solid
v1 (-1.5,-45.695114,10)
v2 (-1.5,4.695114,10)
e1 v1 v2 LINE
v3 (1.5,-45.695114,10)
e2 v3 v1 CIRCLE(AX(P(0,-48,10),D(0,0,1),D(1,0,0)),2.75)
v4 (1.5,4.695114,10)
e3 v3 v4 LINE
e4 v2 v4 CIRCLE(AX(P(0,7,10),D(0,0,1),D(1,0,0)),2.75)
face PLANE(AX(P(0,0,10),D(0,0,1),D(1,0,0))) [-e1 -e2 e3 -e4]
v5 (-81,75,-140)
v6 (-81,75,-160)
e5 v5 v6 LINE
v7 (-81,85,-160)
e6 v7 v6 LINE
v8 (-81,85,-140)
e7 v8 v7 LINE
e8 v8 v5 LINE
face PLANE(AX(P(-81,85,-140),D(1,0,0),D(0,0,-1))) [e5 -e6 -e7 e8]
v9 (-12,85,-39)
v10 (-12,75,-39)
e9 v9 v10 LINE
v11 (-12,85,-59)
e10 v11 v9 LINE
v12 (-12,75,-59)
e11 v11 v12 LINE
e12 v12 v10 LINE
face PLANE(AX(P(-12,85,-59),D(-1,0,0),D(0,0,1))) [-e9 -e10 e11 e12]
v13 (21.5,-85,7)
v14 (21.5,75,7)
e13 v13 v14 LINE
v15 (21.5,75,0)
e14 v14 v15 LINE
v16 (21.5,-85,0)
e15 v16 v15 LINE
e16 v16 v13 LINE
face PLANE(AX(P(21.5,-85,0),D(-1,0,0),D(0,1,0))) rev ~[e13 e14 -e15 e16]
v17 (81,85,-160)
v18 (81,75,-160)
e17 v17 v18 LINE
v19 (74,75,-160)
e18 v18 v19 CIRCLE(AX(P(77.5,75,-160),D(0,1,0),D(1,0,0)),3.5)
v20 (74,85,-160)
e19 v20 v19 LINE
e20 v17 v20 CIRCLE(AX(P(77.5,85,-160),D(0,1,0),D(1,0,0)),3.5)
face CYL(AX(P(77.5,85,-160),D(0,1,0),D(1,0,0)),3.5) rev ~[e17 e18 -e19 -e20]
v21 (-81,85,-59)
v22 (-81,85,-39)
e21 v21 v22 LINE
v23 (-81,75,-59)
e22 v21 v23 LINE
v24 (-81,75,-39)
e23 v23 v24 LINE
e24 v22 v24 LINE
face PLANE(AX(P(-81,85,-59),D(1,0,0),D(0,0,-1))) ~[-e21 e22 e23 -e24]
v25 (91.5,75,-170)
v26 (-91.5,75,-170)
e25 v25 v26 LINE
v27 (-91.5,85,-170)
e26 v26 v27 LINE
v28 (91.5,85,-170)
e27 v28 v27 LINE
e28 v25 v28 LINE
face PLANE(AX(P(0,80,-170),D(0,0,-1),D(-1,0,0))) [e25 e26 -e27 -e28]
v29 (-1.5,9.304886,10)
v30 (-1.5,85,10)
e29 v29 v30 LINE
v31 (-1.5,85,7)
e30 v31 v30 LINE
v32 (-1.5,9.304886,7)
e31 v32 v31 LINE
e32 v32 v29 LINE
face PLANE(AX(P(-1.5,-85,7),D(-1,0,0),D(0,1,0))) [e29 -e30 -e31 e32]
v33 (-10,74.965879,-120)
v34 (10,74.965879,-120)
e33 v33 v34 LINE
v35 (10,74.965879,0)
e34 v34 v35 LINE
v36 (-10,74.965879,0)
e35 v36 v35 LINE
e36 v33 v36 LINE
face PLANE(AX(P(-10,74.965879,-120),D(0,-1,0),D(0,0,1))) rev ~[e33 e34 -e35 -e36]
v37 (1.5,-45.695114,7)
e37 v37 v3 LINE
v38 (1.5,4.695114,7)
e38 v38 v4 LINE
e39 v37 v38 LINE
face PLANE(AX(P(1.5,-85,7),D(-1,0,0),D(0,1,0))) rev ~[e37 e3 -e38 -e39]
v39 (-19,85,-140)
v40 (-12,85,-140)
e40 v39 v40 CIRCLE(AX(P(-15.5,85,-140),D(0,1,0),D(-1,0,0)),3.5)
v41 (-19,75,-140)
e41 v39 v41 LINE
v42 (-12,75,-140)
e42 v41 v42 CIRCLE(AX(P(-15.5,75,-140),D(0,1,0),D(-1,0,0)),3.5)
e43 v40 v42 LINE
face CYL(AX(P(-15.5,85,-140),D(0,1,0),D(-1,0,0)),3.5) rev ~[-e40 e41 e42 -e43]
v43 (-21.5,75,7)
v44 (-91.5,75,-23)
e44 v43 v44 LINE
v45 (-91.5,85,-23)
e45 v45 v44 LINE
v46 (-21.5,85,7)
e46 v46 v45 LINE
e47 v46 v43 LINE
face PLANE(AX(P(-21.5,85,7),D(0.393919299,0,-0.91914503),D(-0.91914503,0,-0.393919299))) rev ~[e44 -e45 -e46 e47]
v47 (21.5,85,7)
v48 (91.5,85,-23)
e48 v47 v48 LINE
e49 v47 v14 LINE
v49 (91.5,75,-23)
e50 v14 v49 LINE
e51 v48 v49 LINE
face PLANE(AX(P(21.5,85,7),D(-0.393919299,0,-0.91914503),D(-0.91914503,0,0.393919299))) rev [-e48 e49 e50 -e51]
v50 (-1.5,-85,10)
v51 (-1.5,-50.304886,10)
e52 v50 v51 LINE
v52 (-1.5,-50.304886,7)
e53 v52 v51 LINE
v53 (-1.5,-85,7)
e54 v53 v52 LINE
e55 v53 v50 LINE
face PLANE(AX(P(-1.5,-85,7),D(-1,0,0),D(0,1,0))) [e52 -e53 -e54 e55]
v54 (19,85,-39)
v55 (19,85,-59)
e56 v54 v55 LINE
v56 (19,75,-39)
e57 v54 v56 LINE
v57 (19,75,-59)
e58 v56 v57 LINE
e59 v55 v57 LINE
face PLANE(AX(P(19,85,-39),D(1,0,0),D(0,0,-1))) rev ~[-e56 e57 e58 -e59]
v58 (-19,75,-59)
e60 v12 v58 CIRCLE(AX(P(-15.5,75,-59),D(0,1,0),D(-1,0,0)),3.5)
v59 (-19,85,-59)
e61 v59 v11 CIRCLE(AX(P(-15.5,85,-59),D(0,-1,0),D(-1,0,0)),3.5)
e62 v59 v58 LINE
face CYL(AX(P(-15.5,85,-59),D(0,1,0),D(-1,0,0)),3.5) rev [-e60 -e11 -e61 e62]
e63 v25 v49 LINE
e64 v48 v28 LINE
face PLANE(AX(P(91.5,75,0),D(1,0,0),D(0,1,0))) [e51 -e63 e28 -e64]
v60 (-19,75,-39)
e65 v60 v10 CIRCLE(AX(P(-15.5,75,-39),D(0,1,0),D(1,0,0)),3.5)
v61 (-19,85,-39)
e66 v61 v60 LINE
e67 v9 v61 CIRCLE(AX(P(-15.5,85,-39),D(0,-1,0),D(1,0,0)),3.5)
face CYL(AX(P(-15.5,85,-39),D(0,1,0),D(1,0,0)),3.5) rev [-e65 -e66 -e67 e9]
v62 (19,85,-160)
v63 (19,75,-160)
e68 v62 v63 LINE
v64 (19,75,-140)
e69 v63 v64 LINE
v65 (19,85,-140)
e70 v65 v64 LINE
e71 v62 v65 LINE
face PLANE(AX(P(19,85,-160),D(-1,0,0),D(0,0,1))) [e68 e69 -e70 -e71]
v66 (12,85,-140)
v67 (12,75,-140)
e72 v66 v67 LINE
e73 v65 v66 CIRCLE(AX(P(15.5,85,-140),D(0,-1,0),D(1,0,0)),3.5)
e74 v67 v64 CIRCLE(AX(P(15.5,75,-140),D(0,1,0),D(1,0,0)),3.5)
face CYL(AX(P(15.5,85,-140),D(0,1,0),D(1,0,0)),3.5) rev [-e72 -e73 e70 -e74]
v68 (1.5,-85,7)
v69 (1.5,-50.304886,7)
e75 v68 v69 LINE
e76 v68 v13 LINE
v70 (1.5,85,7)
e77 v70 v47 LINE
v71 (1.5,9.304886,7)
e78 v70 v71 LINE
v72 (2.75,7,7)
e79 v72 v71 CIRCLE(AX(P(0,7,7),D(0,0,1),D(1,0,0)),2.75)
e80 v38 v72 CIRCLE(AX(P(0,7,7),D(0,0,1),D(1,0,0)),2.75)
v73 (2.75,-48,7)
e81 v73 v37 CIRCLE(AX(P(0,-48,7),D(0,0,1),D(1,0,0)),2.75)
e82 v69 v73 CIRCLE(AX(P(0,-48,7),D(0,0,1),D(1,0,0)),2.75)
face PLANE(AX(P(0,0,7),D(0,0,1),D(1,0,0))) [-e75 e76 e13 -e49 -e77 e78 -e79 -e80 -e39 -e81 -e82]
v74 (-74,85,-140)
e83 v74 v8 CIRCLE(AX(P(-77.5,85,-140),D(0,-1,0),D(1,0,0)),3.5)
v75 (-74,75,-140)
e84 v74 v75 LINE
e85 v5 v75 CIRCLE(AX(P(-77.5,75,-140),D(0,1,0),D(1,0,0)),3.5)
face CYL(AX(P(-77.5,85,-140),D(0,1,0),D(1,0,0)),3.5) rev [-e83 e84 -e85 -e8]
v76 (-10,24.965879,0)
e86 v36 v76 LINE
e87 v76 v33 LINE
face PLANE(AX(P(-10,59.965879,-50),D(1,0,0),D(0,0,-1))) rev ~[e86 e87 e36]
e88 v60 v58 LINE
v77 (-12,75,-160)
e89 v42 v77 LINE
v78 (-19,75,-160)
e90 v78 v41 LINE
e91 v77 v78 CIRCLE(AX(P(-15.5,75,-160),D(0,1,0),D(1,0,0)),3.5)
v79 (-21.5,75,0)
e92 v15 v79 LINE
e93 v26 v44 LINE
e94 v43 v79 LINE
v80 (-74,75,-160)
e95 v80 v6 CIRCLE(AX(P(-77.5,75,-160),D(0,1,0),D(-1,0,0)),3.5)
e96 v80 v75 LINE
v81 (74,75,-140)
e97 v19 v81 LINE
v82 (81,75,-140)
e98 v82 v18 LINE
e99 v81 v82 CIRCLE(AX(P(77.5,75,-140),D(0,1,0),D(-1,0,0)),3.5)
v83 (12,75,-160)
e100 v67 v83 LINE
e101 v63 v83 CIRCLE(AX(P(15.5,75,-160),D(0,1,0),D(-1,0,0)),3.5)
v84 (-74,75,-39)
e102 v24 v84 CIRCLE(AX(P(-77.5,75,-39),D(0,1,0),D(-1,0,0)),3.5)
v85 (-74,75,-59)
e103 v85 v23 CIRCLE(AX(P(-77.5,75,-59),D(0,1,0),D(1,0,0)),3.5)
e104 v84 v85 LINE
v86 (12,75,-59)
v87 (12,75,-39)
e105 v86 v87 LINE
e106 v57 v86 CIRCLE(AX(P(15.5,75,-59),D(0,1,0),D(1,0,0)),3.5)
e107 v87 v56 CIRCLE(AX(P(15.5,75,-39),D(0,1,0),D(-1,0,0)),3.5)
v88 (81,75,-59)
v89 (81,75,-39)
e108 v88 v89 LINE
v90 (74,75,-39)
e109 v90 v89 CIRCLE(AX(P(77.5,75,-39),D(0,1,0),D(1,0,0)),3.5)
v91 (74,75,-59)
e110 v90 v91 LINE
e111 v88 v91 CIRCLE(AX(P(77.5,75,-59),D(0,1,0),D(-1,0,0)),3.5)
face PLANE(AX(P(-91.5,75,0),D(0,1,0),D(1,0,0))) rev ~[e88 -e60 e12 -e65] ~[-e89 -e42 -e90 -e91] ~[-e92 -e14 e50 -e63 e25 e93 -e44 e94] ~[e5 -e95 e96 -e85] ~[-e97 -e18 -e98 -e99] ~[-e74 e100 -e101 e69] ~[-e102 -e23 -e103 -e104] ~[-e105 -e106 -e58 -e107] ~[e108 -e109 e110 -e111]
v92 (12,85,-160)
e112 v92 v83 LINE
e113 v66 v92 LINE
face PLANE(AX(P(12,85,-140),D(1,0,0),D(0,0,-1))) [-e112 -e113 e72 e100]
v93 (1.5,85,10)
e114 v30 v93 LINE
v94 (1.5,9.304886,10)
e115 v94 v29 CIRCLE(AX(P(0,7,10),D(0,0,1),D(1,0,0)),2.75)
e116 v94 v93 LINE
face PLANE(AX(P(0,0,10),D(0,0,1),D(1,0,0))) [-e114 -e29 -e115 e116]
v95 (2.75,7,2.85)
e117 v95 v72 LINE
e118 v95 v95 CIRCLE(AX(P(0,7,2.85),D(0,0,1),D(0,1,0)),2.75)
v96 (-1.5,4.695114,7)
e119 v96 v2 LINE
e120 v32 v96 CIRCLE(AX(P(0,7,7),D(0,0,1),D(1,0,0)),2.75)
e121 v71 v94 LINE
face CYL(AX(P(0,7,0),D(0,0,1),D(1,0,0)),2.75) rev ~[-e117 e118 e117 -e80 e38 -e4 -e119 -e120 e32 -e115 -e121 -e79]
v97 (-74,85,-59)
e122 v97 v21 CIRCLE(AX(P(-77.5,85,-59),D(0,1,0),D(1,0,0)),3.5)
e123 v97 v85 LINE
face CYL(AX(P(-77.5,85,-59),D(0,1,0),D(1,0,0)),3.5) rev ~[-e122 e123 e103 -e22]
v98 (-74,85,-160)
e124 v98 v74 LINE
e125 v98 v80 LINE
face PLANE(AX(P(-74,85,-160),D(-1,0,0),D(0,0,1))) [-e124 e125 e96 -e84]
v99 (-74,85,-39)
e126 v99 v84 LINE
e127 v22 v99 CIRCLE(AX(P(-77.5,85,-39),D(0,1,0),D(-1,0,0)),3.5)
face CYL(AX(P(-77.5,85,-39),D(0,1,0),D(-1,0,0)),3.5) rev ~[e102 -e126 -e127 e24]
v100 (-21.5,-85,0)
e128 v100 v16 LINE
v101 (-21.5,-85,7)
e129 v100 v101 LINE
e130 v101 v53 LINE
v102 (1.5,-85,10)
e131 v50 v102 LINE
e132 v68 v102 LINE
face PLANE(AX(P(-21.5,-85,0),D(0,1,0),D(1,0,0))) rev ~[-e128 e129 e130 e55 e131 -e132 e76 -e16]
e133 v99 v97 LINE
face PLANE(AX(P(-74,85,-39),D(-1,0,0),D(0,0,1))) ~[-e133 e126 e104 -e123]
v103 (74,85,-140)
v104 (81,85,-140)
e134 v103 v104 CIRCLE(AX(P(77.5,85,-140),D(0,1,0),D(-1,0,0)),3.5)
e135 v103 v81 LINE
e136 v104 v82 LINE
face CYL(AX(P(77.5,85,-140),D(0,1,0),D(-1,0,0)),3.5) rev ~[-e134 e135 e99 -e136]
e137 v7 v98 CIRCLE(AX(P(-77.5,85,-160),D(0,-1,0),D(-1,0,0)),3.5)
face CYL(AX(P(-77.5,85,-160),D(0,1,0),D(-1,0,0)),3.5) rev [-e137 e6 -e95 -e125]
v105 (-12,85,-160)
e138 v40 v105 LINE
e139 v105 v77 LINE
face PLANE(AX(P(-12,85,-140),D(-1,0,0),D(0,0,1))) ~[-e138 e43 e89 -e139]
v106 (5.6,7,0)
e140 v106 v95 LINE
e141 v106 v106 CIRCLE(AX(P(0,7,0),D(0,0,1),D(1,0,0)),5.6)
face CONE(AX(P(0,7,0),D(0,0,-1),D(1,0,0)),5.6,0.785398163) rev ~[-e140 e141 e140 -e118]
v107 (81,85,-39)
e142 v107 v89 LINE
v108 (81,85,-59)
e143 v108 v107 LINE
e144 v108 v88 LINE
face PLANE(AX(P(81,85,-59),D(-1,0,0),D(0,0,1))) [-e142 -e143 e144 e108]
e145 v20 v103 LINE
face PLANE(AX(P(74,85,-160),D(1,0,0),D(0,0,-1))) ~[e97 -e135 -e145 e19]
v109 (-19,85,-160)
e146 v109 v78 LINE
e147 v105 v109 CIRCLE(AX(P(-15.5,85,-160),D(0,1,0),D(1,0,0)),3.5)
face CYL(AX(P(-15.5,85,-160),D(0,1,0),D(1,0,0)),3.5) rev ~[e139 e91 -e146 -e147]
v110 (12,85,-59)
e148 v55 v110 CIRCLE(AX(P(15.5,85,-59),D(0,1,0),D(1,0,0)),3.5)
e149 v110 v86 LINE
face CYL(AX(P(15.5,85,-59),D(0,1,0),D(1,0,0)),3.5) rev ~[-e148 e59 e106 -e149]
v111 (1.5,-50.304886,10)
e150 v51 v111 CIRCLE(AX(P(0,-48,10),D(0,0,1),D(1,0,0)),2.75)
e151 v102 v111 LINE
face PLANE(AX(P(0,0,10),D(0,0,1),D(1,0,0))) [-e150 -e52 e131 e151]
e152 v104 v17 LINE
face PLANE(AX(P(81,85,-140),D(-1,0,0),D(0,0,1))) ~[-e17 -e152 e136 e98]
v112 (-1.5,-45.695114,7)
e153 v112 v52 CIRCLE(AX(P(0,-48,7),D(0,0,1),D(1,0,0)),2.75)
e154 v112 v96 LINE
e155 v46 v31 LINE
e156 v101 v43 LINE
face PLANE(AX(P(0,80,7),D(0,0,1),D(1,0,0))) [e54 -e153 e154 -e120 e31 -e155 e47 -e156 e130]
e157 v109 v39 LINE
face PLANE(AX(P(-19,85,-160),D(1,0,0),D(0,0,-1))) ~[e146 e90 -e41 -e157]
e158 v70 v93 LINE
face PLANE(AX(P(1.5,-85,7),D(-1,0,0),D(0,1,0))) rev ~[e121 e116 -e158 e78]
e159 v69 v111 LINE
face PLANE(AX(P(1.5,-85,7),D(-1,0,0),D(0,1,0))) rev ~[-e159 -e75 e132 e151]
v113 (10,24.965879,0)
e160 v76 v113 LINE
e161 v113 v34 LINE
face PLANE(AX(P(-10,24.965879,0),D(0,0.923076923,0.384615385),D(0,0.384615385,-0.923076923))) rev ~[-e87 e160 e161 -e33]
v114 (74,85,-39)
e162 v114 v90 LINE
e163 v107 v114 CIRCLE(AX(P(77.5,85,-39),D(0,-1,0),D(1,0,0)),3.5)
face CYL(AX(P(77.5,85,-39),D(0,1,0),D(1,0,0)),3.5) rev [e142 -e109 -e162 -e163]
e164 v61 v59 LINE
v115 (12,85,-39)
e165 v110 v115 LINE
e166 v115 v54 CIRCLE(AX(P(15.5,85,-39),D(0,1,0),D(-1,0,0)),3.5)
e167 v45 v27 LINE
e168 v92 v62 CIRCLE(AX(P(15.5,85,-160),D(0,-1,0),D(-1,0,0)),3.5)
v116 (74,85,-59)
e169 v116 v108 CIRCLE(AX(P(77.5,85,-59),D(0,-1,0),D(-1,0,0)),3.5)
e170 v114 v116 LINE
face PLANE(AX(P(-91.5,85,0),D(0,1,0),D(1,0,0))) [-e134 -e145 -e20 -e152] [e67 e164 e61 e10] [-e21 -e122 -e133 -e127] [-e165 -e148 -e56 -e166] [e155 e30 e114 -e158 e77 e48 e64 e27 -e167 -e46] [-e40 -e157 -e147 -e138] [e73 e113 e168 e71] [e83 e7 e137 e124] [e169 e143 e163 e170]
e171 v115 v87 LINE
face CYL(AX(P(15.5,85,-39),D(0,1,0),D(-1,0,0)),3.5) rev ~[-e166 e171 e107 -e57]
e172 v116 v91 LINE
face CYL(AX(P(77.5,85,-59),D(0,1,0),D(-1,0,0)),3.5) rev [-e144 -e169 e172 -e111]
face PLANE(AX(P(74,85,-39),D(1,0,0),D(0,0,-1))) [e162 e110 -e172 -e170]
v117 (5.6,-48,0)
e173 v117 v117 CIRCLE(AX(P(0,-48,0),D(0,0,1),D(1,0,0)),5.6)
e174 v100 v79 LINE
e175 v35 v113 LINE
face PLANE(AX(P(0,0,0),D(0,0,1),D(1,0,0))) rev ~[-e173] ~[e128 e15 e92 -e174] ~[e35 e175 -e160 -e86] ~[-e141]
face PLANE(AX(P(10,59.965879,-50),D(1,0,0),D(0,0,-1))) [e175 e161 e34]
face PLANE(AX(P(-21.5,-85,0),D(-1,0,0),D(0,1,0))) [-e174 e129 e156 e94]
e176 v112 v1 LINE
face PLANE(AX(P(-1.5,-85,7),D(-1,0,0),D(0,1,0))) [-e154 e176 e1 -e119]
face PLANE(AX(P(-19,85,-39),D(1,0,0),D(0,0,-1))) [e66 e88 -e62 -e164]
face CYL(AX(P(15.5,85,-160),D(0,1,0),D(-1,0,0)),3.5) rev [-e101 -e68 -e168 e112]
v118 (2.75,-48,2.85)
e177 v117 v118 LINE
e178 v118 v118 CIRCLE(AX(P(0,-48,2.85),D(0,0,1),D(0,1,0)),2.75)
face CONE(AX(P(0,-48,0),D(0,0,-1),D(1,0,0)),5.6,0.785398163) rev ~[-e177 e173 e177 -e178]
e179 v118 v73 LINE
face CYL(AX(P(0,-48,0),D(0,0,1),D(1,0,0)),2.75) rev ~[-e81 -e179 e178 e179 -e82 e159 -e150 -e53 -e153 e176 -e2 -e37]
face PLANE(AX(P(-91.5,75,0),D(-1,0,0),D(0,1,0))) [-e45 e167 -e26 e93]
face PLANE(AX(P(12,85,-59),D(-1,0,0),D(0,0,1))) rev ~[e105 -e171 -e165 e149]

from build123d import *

# Parameters (mm, degrees)
SKETCH_1_W                   = 43
SKETCH_1_H                   = 170
EXTRUDE_296_DEPTH            = 7
SKETCH_2_W                   = 3
SKETCH_2_H                   = 170
EXTRUDE_513_DEPTH            = 3
HOLE_WIZARD_M5_2_D           = 5.5
HOLE_WIZARD_M5_2_CSINK_D     = 11.2
HOLE_WIZARD_M5_2_CSINK_ANGLE = 90
SKETCH_9_W                   = 183
SKETCH_9_H                   = 10
EXTRUDE_1613_DEPTH           = 170
SKETCH_10_W                  = 183
SKETCH_10_H                  = 10
EXTRUDE_1772_DEPTH           = 7
EXTRUDE_3_DEPTH              = 10
EXTRUDE_3_DEPTH_BACK         = 10
CUT_EXTRUDE_1_DEPTH          = 258.239674234
MIRROR_2_COPY_1_DEPTH        = 258.239674234
CUT_EXTRUDE_2_DEPTH          = 10
MIRROR_3_COPY_1_DEPTH        = 258.239674234
MIRROR_3_COPY_2_DEPTH        = 258.239674234
MIRROR_3_COPY_3_DEPTH        = 258.239674234


with BuildPart() as part:
    # 草图1 → Extrude 296 (new body)
    with BuildSketch(Plane.XY):
        Rectangle(SKETCH_1_W, SKETCH_1_H)
    extrude(amount=EXTRUDE_296_DEPTH)

    # 草图2 → Extrude 513 (add)
    with BuildSketch(Plane.XY.offset(7)):
        Rectangle(SKETCH_2_W, SKETCH_2_H)
    extrude(amount=EXTRUDE_513_DEPTH)

    # M5*2 沉头孔 (through all)
    with Locations(Plane(origin=(0, 0, 0), x_dir=(-1, 0, 0), z_dir=(0, 0, -1))):
        with Locations((0, 7), (0, -48)):
            CounterSinkHole(HOLE_WIZARD_M5_2_D / 2, HOLE_WIZARD_M5_2_CSINK_D / 2, counter_sink_angle=HOLE_WIZARD_M5_2_CSINK_ANGLE)

    # 草图9 → Extrude 1613 (add)
    with BuildSketch(Plane(origin=(0, 0, 0), x_dir=(-1, 0, 0), z_dir=(0, 0, -1))):
        with Locations((0, 80)):
            Rectangle(SKETCH_9_W, SKETCH_9_H)
    extrude(amount=EXTRUDE_1613_DEPTH)

    # 草图10 → Extrude 1772 (add)
    with BuildSketch(Plane.XY):
        with Locations((0, 80)):
            Rectangle(SKETCH_10_W, SKETCH_10_H)
    extrude(amount=EXTRUDE_1772_DEPTH)

    # 草图11 → 凸台-拉伸3 (add, two sides: drawn at the far end of the back side and taken through both)
    with BuildSketch(Plane(origin=(0, 0, 0), x_dir=(0, 0, -1), z_dir=(1, 0, 0)).offset(-EXTRUDE_3_DEPTH_BACK)):
        Polygon((0, 74.965878979), (0, 24.965878979), (120, 74.965878979), align=None)
    extrude(amount=EXTRUDE_3_DEPTH + EXTRUDE_3_DEPTH_BACK)

    # 草图12 → 切除-拉伸1 (cut, through all)
    with BuildSketch(Plane(origin=(0, 85, 0), x_dir=(1, 0, 0), z_dir=(0, 1, 0))):
        with BuildLine():
            Line((-74, 160), (-74, 140))
            ThreePointArc((-74, 140), (-77.5, 136.5), (-81, 140))
            Line((-81, 140), (-81, 160))
            ThreePointArc((-81, 160), (-77.5, 163.5), (-74, 160))
        make_face()
    cut_extrude_1 = extrude(amount=-CUT_EXTRUDE_1_DEPTH, mode=Mode.SUBTRACT)

    # 镜向1: 切除-拉伸1 across plane
    add(cut_extrude_1.mirror(Plane.XY.offset(-99.5)), mode=Mode.SUBTRACT)

    # 镜向2: 切除-拉伸1 across plane
    add(cut_extrude_1.mirror(Plane.ZY.offset(46.5)), mode=Mode.SUBTRACT)

    # 镜向2 copy 1 sketch → 镜向2 copy 1 (cut, through all)
    with BuildSketch(Plane(origin=(-93, 85, -199), x_dir=(-1, 0, 0), z_dir=(0, 1, 0))):
        with BuildLine():
            Line((-74, 160), (-74, 140))
            ThreePointArc((-74, 140), (-77.5, 136.5), (-81, 140))
            Line((-81, 140), (-81, 160))
            ThreePointArc((-81, 160), (-77.5, 163.5), (-74, 160))
        make_face()
    extrude(amount=-MIRROR_2_COPY_1_DEPTH, mode=Mode.SUBTRACT)

    # 草图13 → 切除-拉伸2 (cut)
    with BuildSketch(Plane(origin=(0, 85, 0), x_dir=(1, 0, 0), z_dir=(0, 1, 0))):
        Polygon((-91.5, -7), (-21.5, -7), (-91.5, 23), align=None)
    cut_extrude_2 = extrude(amount=-CUT_EXTRUDE_2_DEPTH, mode=Mode.SUBTRACT)

    # 镜向3: 切除-拉伸1, 切除-拉伸2 across plane
    add(cut_extrude_1.mirror(Plane(origin=(0, 0, 0), x_dir=(0, 0, 1), z_dir=(1, 0, 0))), mode=Mode.SUBTRACT)
    add(cut_extrude_2.mirror(Plane(origin=(0, 0, 0), x_dir=(0, 0, 1), z_dir=(1, 0, 0))), mode=Mode.SUBTRACT)

    # 镜向3 copy 1 sketch → 镜向3 copy 1 (cut, through all)
    with BuildSketch(Plane(origin=(0, 85, -199), x_dir=(-1, 0, 0), z_dir=(0, 1, 0))):
        with BuildLine():
            Line((-74, 160), (-74, 140))
            ThreePointArc((-74, 140), (-77.5, 136.5), (-81, 140))
            Line((-81, 140), (-81, 160))
            ThreePointArc((-81, 160), (-77.5, 163.5), (-74, 160))
        make_face()
    extrude(amount=-MIRROR_3_COPY_1_DEPTH, mode=Mode.SUBTRACT)

    # 镜向3 copy 2 sketch → 镜向3 copy 2 (cut, through all)
    with BuildSketch(Plane(origin=(93, 85, 0), x_dir=(1, 0, 0), z_dir=(0, 1, 0))):
        with BuildLine():
            Line((-74, 160), (-74, 140))
            ThreePointArc((-74, 140), (-77.5, 136.5), (-81, 140))
            Line((-81, 140), (-81, 160))
            ThreePointArc((-81, 160), (-77.5, 163.5), (-74, 160))
        make_face()
    extrude(amount=-MIRROR_3_COPY_2_DEPTH, mode=Mode.SUBTRACT)

    # 镜向3 copy 3 sketch → 镜向3 copy 3 (cut, through all)
    with BuildSketch(Plane(origin=(93, 85, -199), x_dir=(1, 0, 0), z_dir=(0, 1, 0))):
        with BuildLine():
            Line((-74, -160), (-74, -140))
            ThreePointArc((-74, -140), (-77.5, -136.5), (-81, -140))
            Line((-81, -140), (-81, -160))
            ThreePointArc((-81, -160), (-77.5, -163.5), (-74, -160))
        make_face()
    extrude(amount=-MIRROR_3_COPY_3_DEPTH, mode=Mode.SUBTRACT)


solid = part.part
